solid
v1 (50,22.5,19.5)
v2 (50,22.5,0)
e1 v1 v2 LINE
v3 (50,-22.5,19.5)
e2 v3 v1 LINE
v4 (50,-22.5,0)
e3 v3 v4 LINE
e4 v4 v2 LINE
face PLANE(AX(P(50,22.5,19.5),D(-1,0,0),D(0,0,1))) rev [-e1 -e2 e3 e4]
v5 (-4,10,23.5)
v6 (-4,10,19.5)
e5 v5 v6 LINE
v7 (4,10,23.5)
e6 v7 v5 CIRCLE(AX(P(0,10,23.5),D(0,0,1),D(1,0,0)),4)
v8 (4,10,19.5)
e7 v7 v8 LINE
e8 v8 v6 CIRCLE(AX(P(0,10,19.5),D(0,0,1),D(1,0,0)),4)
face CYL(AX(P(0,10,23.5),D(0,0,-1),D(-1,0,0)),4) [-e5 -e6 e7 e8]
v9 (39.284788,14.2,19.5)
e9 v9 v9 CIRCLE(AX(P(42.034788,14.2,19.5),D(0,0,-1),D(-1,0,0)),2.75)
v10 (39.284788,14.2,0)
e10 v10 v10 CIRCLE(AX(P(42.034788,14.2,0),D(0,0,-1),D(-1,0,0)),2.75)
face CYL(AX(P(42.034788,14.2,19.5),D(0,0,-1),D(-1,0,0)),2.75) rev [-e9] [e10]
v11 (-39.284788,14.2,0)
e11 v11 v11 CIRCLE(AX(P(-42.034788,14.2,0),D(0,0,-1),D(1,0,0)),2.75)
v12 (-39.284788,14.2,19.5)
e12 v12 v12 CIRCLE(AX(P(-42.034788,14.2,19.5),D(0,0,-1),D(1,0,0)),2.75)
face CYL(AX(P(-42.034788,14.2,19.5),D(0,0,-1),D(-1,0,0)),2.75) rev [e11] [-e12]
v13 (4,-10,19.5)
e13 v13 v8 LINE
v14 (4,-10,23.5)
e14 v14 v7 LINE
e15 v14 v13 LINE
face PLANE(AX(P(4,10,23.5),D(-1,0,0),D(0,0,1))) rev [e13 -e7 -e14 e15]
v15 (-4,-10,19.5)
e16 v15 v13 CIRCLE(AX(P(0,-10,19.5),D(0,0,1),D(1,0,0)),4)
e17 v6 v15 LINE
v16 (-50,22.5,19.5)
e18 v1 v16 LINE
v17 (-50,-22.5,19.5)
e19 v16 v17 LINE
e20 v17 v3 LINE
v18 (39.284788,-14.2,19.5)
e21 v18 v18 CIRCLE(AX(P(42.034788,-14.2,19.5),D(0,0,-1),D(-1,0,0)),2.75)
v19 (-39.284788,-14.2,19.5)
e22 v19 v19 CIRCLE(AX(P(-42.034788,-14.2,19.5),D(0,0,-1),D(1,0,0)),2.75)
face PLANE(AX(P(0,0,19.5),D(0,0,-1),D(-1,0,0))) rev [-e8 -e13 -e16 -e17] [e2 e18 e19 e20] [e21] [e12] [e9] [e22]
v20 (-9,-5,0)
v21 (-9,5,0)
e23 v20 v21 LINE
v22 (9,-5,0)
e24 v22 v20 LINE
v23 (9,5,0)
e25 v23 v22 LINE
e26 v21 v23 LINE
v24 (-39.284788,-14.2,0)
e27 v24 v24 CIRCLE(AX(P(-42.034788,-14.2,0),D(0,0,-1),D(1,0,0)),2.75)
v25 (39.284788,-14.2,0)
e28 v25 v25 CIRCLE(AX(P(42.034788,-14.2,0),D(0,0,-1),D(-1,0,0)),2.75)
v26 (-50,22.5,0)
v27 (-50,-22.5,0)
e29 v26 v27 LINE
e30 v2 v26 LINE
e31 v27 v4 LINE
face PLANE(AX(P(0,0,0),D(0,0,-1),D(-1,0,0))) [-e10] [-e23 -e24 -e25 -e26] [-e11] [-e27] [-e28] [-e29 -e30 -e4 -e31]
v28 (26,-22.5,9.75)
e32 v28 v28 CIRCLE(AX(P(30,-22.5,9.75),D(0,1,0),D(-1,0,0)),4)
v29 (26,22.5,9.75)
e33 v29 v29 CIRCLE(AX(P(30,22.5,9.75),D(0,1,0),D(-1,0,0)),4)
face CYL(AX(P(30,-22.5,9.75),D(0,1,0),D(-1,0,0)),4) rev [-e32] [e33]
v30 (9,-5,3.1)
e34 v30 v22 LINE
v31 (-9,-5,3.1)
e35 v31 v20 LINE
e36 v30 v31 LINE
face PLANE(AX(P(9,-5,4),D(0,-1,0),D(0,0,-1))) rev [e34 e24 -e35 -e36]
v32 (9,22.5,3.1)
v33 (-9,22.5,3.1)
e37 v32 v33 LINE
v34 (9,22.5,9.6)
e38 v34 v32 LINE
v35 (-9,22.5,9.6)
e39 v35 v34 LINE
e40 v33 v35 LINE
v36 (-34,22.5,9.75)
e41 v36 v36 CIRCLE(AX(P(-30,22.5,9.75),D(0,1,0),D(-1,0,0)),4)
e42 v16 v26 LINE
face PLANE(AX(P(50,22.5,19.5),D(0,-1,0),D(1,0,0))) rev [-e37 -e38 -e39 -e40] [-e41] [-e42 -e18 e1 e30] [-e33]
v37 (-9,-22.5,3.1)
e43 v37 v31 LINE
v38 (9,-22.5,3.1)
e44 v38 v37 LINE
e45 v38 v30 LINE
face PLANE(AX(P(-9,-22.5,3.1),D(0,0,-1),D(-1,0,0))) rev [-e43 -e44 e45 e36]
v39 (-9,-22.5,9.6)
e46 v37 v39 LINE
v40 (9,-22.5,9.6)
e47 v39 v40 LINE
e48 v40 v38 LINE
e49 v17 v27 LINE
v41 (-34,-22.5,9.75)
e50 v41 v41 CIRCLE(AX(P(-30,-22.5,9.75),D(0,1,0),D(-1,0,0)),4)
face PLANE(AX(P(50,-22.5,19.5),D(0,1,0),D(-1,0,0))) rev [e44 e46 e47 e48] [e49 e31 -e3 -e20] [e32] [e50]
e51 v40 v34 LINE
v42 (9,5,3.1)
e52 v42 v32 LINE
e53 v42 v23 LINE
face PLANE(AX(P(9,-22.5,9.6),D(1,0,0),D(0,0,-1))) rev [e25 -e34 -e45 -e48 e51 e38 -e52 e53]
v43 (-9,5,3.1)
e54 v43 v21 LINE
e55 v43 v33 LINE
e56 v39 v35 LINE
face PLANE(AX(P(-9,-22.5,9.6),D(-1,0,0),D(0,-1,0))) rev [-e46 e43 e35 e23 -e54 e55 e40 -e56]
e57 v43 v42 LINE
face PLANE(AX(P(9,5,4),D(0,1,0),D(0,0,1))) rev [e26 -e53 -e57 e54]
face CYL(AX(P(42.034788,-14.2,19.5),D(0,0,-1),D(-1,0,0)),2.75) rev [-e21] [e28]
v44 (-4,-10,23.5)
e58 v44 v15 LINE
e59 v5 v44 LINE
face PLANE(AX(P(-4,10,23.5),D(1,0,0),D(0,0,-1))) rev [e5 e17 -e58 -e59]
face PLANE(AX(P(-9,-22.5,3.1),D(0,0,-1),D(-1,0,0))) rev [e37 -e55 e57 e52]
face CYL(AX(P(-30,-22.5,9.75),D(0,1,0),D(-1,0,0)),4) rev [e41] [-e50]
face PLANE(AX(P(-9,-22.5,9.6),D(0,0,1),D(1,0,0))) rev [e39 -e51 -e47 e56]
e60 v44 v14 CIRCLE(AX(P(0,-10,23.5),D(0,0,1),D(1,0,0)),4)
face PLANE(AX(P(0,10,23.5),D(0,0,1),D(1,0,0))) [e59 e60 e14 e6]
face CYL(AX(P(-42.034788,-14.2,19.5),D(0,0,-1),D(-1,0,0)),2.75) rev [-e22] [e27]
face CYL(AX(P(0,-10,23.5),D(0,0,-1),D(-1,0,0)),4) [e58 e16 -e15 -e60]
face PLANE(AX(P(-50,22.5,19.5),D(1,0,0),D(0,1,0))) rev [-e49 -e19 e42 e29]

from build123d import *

# Parameters (mm, degrees)
SKETCH1_W           = 100
SKETCH1_H           = 45
BOSS_EXTRUDE1_DEPTH = 19.5
SKETCH2_R           = 4
CUT_EXTRUDE1_DEPTH  = 46
SKETCH4_R           = 2.75
CUT_EXTRUDE3_DEPTH  = 20.5
SKETCH5_W           = 18
SKETCH5_H           = 6.5
CUT_EXTRUDE5_DEPTH  = 46
SKETCH6_W           = 18
SKETCH6_H           = 10
CUT_EXTRUDE6_DEPTH  = 4
BOSS_EXTRUDE2_DEPTH = 4


with BuildPart() as part:
    # Sketch1 → Boss-Extrude1 (new body)
    with BuildSketch(Plane.XY):
        Rectangle(SKETCH1_W, SKETCH1_H)
    extrude(amount=BOSS_EXTRUDE1_DEPTH)

    # Sketch2 → Cut-Extrude1 (cut, through all)
    with BuildSketch(Plane(origin=(0, 22.5, 0), x_dir=(1, 0, 0), z_dir=(0, 1, 0))):
        with Locations((-30, -9.75)):
            Circle(SKETCH2_R)
        with Locations((30, -9.75)):
            Circle(SKETCH2_R)
    extrude(amount=-CUT_EXTRUDE1_DEPTH, mode=Mode.SUBTRACT)

    # Sketch4 → Cut-Extrude3 (cut, through all)
    with BuildSketch(Plane(origin=(0, 0, 0), x_dir=(-1, 0, 0), z_dir=(0, 0, -1))):
        with Locations((-42.034787685, 14.2)):
            Circle(SKETCH4_R)
        with Locations((-42.034787685, -14.2)):
            Circle(SKETCH4_R)
        with Locations((42.034787685, -14.2)):
            Circle(SKETCH4_R)
        with Locations((42.034787685, 14.2)):
            Circle(SKETCH4_R)
    extrude(amount=-CUT_EXTRUDE3_DEPTH, mode=Mode.SUBTRACT)

    # Sketch5 → Cut-Extrude5 (cut, through all)
    with BuildSketch(Plane(origin=(0, 22.5, 0), x_dir=(1, 0, 0), z_dir=(0, 1, 0))):
        with Locations((0, -6.35)):
            Rectangle(SKETCH5_W, SKETCH5_H)
    extrude(amount=-CUT_EXTRUDE5_DEPTH, mode=Mode.SUBTRACT)

    # Sketch6 → Cut-Extrude6 (cut)
    with BuildSketch(Plane(origin=(0, 0, 0), x_dir=(-1, 0, 0), z_dir=(0, 0, -1))):
        Rectangle(SKETCH6_W, SKETCH6_H)
    extrude(amount=-CUT_EXTRUDE6_DEPTH, mode=Mode.SUBTRACT)

    # Sketch7 → Boss-Extrude2 (add)
    with BuildSketch(Plane.XY.offset(19.5)):
        with BuildLine():
            Line((4, 10), (4, -10))
            ThreePointArc((4, -10), (0, -14), (-4, -10))
            Line((-4, -10), (-4, 10))
            ThreePointArc((-4, 10), (0, 14), (4, 10))
        make_face()
    extrude(amount=BOSS_EXTRUDE2_DEPTH)


solid = part.part
